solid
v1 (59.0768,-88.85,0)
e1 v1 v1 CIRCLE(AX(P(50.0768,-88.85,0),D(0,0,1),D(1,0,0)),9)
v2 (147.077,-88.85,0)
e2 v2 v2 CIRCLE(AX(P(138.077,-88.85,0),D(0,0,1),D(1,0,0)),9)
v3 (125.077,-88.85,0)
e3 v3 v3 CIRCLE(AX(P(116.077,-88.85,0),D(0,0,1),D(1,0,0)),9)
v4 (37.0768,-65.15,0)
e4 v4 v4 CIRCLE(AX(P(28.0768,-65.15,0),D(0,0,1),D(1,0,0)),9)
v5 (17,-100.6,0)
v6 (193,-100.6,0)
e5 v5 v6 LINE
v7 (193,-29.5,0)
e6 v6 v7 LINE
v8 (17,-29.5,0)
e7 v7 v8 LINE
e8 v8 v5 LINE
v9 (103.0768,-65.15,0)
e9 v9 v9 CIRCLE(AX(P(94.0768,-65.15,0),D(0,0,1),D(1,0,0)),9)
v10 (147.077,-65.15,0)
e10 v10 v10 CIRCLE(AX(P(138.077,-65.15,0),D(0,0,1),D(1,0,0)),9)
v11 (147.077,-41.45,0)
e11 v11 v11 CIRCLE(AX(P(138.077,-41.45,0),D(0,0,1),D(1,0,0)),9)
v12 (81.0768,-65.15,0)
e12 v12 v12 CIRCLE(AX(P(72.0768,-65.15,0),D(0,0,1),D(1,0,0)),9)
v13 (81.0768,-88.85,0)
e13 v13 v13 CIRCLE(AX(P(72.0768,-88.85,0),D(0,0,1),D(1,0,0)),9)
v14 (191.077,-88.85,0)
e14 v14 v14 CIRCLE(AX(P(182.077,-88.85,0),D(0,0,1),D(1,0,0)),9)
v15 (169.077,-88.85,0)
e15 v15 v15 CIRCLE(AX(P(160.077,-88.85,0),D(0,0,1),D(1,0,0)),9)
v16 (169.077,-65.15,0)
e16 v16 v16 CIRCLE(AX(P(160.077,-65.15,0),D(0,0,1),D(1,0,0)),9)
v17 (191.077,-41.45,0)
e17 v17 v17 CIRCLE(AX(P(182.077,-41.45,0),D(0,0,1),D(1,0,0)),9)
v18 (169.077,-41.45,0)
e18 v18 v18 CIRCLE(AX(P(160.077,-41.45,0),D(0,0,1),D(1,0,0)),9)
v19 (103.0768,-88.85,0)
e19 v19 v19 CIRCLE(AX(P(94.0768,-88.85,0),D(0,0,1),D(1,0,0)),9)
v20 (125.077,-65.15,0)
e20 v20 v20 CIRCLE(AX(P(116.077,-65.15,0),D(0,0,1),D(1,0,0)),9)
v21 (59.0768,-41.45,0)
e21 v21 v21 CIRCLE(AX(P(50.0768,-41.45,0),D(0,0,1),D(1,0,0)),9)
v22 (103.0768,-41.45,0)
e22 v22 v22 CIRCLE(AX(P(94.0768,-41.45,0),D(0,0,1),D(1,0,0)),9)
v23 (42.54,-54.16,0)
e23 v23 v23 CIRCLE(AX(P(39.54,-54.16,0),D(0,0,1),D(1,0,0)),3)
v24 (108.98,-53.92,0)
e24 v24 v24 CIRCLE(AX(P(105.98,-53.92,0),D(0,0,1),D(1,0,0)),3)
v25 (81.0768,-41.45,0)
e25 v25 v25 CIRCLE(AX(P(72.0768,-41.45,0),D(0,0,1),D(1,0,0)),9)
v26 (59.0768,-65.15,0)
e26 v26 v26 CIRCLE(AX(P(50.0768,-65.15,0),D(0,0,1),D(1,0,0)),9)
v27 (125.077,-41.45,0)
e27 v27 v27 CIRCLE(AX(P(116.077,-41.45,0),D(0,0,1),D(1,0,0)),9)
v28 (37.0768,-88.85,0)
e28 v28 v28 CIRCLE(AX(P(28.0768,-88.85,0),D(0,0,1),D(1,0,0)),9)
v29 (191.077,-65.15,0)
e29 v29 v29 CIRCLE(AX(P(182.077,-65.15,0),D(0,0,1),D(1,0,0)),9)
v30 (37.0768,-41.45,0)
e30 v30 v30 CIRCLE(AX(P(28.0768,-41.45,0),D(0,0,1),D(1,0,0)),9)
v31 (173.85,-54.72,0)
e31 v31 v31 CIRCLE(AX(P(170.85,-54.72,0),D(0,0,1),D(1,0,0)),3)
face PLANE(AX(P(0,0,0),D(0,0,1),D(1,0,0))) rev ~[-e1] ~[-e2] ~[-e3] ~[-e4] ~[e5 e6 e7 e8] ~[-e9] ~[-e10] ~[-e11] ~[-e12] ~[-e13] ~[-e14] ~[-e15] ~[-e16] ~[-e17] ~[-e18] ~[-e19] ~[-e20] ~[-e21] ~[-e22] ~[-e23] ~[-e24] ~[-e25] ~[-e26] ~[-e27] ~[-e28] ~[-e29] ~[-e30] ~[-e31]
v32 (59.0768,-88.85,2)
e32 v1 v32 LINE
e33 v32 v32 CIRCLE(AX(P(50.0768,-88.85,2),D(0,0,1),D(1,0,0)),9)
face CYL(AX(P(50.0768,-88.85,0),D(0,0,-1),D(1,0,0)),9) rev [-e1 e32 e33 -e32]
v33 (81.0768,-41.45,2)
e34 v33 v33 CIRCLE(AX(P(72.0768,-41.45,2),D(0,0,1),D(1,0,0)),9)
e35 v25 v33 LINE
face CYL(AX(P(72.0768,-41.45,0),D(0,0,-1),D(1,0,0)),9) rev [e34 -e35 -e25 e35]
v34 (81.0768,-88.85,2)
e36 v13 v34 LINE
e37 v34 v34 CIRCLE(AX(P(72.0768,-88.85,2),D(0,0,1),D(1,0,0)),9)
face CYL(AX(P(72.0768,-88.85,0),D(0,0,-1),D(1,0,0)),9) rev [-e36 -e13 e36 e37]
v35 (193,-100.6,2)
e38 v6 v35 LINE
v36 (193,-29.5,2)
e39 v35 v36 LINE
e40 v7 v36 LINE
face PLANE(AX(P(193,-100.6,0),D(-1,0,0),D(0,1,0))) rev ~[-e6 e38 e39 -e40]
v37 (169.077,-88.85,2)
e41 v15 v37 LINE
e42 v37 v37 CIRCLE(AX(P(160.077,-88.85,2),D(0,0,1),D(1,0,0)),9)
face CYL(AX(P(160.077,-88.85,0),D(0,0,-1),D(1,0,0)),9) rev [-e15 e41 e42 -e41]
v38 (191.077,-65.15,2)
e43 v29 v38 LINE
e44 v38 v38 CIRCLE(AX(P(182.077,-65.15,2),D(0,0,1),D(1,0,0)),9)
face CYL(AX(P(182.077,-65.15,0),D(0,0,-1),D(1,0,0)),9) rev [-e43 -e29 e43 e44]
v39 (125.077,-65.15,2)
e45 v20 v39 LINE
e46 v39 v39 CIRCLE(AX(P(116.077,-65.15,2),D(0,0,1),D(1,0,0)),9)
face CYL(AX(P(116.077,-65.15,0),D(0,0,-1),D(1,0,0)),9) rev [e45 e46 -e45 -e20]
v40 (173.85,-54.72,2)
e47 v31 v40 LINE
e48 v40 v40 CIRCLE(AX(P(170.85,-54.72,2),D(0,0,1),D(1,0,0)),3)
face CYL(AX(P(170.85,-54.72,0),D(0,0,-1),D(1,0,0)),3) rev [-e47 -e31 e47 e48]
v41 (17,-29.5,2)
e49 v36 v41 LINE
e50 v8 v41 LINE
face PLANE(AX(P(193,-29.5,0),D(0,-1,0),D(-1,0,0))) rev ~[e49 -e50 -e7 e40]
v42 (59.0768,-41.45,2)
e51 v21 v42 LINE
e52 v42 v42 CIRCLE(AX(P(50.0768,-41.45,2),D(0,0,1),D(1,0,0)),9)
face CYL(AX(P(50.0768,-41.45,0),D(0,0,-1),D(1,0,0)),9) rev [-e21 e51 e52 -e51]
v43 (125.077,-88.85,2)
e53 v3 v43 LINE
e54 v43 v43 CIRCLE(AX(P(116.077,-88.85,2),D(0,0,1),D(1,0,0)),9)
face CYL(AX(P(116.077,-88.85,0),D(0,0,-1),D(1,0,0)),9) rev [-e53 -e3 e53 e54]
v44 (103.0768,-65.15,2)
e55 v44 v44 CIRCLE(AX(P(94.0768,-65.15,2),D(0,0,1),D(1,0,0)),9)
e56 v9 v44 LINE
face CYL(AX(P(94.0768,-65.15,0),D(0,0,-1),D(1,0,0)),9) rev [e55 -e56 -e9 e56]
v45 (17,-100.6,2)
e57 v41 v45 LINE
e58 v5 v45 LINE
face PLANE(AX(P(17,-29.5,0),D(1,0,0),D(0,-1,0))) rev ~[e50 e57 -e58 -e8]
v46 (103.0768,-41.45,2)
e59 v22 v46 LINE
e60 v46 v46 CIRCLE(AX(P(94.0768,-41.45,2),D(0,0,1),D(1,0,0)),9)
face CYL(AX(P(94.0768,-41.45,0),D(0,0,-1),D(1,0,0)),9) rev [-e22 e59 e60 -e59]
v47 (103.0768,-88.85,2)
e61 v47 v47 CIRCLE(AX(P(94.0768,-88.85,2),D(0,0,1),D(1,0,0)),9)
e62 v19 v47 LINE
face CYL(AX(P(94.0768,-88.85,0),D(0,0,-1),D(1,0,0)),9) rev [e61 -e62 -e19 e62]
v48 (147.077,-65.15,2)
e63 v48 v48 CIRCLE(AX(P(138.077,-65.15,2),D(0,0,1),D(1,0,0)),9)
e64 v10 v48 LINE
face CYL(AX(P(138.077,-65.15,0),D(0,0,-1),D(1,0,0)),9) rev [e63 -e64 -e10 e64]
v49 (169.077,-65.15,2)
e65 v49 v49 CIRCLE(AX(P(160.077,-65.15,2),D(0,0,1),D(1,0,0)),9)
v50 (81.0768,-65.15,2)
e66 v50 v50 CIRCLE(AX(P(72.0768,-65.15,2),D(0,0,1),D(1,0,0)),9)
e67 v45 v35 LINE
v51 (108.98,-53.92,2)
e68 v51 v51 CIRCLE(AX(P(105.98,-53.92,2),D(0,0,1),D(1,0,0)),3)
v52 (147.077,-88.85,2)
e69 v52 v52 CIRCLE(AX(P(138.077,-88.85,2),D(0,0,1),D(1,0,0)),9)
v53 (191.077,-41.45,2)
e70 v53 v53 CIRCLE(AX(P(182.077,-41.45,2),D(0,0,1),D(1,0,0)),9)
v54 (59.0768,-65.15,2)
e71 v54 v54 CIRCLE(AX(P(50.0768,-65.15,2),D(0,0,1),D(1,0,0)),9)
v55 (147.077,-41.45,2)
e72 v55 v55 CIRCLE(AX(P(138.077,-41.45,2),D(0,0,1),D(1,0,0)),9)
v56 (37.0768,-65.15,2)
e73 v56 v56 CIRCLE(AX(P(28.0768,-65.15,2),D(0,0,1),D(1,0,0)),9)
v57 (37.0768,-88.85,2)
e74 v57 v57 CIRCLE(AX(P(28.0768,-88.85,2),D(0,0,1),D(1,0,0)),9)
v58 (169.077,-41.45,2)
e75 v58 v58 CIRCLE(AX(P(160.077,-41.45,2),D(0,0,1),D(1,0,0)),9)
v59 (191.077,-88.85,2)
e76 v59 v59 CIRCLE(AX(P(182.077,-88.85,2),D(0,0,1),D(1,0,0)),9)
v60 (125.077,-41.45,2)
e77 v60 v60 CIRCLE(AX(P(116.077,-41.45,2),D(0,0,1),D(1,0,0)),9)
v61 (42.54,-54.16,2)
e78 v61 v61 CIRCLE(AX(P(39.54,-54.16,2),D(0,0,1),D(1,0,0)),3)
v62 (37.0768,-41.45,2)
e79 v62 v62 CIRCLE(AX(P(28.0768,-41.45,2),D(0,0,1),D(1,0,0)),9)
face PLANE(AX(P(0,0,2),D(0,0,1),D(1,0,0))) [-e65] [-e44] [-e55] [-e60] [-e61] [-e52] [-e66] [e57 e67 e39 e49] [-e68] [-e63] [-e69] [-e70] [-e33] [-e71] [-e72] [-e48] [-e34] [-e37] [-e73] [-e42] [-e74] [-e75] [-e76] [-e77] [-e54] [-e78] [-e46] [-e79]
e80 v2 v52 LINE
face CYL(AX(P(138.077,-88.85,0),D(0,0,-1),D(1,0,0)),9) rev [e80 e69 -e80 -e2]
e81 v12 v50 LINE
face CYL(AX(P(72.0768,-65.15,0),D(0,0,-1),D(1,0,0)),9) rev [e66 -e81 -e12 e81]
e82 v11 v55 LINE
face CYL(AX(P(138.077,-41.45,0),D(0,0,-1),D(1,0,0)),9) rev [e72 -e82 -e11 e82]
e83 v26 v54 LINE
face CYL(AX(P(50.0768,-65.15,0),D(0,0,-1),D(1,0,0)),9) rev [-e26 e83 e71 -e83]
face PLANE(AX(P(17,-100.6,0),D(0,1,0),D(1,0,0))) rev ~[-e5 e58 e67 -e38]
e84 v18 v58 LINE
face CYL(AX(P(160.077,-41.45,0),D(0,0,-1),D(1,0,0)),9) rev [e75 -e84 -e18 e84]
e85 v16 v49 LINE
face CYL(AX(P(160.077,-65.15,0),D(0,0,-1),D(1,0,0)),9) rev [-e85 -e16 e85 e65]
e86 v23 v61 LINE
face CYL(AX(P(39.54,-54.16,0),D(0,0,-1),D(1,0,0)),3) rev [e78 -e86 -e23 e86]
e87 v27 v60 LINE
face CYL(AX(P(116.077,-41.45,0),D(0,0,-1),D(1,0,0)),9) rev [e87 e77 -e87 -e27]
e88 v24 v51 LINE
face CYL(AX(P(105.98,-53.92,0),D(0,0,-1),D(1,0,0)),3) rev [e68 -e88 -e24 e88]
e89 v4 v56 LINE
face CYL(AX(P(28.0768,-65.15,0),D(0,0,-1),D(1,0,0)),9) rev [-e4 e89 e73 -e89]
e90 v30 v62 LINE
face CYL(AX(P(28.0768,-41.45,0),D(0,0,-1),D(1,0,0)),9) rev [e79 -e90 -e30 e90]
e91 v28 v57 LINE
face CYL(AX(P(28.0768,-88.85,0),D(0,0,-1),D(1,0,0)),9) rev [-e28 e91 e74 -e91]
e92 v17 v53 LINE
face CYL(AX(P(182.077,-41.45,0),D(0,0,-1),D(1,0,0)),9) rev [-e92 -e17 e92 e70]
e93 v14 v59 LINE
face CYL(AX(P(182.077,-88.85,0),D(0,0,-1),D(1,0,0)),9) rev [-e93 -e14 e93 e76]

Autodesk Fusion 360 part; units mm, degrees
sketch "3x8-Edge_Cuts" plane through (0, 0, 0) normal (0, 0, 1) x (1, 0, 0)
  line L0 (17, -29.5) -> (17, -100.6)
  line L1 (17, -100.6) -> (193, -100.6)
  line L2 (193, -29.5) -> (17, -29.5)
  line L3 (193, -100.6) -> (193, -29.5)
sketch "3x8-User_Comments" plane through (0, 0, 0) normal (0, 0, 1) x (1, 0, 0)
  circle A0 centre (105.98, -53.92) radius 3
  circle A1 centre (39.54, -54.16) radius 3
  circle A2 centre (170.85, -54.72) radius 3
sketch "3x8-User_Drawings" plane through (0, 0, 0) normal (0, 0, 1) x (1, 0, 0)
  circle A0 centre (138.077, -65.15) radius 9
  circle A1 centre (28.0768, -41.45) radius 9
  circle A2 centre (138.077, -88.85) radius 9
  circle A3 centre (72.0768, -88.85) radius 9
  circle A4 centre (116.077, -88.85) radius 9
  circle A5 centre (50.0768, -41.45) radius 9
  circle A6 centre (94.0768, -41.45) radius 9
  circle A7 centre (160.077, -88.85) radius 9
  circle A8 centre (72.0768, -41.45) radius 9
  circle A9 centre (138.077, -41.45) radius 9
  circle A10 centre (50.0768, -65.15) radius 9
  circle A11 centre (28.0768, -88.85) radius 9
  circle A12 centre (116.077, -41.45) radius 9
  circle A13 centre (94.0768, -88.85) radius 9
  circle A14 centre (28.0768, -65.15) radius 9
  circle A15 centre (116.077, -65.15) radius 9
  circle A16 centre (160.077, -41.45) radius 9
  circle A17 centre (160.077, -65.15) radius 9
  circle A18 centre (50.0768, -88.85) radius 9
  circle A19 centre (94.0768, -65.15) radius 9
  circle A20 centre (182.077, -65.15) radius 9
  circle A21 centre (182.077, -41.45) radius 9
  circle A22 centre (182.077, -88.85) radius 9
  circle A23 centre (72.0768, -65.15) radius 9
extrude "Extrude1" add sketch "3x8-Edge_Cuts" along normal blind 2
extrude "Extrude2" cut sketch "3x8-User_Drawings" sketch "3x8-User_Comments" along normal blind 2 of sketch 2
